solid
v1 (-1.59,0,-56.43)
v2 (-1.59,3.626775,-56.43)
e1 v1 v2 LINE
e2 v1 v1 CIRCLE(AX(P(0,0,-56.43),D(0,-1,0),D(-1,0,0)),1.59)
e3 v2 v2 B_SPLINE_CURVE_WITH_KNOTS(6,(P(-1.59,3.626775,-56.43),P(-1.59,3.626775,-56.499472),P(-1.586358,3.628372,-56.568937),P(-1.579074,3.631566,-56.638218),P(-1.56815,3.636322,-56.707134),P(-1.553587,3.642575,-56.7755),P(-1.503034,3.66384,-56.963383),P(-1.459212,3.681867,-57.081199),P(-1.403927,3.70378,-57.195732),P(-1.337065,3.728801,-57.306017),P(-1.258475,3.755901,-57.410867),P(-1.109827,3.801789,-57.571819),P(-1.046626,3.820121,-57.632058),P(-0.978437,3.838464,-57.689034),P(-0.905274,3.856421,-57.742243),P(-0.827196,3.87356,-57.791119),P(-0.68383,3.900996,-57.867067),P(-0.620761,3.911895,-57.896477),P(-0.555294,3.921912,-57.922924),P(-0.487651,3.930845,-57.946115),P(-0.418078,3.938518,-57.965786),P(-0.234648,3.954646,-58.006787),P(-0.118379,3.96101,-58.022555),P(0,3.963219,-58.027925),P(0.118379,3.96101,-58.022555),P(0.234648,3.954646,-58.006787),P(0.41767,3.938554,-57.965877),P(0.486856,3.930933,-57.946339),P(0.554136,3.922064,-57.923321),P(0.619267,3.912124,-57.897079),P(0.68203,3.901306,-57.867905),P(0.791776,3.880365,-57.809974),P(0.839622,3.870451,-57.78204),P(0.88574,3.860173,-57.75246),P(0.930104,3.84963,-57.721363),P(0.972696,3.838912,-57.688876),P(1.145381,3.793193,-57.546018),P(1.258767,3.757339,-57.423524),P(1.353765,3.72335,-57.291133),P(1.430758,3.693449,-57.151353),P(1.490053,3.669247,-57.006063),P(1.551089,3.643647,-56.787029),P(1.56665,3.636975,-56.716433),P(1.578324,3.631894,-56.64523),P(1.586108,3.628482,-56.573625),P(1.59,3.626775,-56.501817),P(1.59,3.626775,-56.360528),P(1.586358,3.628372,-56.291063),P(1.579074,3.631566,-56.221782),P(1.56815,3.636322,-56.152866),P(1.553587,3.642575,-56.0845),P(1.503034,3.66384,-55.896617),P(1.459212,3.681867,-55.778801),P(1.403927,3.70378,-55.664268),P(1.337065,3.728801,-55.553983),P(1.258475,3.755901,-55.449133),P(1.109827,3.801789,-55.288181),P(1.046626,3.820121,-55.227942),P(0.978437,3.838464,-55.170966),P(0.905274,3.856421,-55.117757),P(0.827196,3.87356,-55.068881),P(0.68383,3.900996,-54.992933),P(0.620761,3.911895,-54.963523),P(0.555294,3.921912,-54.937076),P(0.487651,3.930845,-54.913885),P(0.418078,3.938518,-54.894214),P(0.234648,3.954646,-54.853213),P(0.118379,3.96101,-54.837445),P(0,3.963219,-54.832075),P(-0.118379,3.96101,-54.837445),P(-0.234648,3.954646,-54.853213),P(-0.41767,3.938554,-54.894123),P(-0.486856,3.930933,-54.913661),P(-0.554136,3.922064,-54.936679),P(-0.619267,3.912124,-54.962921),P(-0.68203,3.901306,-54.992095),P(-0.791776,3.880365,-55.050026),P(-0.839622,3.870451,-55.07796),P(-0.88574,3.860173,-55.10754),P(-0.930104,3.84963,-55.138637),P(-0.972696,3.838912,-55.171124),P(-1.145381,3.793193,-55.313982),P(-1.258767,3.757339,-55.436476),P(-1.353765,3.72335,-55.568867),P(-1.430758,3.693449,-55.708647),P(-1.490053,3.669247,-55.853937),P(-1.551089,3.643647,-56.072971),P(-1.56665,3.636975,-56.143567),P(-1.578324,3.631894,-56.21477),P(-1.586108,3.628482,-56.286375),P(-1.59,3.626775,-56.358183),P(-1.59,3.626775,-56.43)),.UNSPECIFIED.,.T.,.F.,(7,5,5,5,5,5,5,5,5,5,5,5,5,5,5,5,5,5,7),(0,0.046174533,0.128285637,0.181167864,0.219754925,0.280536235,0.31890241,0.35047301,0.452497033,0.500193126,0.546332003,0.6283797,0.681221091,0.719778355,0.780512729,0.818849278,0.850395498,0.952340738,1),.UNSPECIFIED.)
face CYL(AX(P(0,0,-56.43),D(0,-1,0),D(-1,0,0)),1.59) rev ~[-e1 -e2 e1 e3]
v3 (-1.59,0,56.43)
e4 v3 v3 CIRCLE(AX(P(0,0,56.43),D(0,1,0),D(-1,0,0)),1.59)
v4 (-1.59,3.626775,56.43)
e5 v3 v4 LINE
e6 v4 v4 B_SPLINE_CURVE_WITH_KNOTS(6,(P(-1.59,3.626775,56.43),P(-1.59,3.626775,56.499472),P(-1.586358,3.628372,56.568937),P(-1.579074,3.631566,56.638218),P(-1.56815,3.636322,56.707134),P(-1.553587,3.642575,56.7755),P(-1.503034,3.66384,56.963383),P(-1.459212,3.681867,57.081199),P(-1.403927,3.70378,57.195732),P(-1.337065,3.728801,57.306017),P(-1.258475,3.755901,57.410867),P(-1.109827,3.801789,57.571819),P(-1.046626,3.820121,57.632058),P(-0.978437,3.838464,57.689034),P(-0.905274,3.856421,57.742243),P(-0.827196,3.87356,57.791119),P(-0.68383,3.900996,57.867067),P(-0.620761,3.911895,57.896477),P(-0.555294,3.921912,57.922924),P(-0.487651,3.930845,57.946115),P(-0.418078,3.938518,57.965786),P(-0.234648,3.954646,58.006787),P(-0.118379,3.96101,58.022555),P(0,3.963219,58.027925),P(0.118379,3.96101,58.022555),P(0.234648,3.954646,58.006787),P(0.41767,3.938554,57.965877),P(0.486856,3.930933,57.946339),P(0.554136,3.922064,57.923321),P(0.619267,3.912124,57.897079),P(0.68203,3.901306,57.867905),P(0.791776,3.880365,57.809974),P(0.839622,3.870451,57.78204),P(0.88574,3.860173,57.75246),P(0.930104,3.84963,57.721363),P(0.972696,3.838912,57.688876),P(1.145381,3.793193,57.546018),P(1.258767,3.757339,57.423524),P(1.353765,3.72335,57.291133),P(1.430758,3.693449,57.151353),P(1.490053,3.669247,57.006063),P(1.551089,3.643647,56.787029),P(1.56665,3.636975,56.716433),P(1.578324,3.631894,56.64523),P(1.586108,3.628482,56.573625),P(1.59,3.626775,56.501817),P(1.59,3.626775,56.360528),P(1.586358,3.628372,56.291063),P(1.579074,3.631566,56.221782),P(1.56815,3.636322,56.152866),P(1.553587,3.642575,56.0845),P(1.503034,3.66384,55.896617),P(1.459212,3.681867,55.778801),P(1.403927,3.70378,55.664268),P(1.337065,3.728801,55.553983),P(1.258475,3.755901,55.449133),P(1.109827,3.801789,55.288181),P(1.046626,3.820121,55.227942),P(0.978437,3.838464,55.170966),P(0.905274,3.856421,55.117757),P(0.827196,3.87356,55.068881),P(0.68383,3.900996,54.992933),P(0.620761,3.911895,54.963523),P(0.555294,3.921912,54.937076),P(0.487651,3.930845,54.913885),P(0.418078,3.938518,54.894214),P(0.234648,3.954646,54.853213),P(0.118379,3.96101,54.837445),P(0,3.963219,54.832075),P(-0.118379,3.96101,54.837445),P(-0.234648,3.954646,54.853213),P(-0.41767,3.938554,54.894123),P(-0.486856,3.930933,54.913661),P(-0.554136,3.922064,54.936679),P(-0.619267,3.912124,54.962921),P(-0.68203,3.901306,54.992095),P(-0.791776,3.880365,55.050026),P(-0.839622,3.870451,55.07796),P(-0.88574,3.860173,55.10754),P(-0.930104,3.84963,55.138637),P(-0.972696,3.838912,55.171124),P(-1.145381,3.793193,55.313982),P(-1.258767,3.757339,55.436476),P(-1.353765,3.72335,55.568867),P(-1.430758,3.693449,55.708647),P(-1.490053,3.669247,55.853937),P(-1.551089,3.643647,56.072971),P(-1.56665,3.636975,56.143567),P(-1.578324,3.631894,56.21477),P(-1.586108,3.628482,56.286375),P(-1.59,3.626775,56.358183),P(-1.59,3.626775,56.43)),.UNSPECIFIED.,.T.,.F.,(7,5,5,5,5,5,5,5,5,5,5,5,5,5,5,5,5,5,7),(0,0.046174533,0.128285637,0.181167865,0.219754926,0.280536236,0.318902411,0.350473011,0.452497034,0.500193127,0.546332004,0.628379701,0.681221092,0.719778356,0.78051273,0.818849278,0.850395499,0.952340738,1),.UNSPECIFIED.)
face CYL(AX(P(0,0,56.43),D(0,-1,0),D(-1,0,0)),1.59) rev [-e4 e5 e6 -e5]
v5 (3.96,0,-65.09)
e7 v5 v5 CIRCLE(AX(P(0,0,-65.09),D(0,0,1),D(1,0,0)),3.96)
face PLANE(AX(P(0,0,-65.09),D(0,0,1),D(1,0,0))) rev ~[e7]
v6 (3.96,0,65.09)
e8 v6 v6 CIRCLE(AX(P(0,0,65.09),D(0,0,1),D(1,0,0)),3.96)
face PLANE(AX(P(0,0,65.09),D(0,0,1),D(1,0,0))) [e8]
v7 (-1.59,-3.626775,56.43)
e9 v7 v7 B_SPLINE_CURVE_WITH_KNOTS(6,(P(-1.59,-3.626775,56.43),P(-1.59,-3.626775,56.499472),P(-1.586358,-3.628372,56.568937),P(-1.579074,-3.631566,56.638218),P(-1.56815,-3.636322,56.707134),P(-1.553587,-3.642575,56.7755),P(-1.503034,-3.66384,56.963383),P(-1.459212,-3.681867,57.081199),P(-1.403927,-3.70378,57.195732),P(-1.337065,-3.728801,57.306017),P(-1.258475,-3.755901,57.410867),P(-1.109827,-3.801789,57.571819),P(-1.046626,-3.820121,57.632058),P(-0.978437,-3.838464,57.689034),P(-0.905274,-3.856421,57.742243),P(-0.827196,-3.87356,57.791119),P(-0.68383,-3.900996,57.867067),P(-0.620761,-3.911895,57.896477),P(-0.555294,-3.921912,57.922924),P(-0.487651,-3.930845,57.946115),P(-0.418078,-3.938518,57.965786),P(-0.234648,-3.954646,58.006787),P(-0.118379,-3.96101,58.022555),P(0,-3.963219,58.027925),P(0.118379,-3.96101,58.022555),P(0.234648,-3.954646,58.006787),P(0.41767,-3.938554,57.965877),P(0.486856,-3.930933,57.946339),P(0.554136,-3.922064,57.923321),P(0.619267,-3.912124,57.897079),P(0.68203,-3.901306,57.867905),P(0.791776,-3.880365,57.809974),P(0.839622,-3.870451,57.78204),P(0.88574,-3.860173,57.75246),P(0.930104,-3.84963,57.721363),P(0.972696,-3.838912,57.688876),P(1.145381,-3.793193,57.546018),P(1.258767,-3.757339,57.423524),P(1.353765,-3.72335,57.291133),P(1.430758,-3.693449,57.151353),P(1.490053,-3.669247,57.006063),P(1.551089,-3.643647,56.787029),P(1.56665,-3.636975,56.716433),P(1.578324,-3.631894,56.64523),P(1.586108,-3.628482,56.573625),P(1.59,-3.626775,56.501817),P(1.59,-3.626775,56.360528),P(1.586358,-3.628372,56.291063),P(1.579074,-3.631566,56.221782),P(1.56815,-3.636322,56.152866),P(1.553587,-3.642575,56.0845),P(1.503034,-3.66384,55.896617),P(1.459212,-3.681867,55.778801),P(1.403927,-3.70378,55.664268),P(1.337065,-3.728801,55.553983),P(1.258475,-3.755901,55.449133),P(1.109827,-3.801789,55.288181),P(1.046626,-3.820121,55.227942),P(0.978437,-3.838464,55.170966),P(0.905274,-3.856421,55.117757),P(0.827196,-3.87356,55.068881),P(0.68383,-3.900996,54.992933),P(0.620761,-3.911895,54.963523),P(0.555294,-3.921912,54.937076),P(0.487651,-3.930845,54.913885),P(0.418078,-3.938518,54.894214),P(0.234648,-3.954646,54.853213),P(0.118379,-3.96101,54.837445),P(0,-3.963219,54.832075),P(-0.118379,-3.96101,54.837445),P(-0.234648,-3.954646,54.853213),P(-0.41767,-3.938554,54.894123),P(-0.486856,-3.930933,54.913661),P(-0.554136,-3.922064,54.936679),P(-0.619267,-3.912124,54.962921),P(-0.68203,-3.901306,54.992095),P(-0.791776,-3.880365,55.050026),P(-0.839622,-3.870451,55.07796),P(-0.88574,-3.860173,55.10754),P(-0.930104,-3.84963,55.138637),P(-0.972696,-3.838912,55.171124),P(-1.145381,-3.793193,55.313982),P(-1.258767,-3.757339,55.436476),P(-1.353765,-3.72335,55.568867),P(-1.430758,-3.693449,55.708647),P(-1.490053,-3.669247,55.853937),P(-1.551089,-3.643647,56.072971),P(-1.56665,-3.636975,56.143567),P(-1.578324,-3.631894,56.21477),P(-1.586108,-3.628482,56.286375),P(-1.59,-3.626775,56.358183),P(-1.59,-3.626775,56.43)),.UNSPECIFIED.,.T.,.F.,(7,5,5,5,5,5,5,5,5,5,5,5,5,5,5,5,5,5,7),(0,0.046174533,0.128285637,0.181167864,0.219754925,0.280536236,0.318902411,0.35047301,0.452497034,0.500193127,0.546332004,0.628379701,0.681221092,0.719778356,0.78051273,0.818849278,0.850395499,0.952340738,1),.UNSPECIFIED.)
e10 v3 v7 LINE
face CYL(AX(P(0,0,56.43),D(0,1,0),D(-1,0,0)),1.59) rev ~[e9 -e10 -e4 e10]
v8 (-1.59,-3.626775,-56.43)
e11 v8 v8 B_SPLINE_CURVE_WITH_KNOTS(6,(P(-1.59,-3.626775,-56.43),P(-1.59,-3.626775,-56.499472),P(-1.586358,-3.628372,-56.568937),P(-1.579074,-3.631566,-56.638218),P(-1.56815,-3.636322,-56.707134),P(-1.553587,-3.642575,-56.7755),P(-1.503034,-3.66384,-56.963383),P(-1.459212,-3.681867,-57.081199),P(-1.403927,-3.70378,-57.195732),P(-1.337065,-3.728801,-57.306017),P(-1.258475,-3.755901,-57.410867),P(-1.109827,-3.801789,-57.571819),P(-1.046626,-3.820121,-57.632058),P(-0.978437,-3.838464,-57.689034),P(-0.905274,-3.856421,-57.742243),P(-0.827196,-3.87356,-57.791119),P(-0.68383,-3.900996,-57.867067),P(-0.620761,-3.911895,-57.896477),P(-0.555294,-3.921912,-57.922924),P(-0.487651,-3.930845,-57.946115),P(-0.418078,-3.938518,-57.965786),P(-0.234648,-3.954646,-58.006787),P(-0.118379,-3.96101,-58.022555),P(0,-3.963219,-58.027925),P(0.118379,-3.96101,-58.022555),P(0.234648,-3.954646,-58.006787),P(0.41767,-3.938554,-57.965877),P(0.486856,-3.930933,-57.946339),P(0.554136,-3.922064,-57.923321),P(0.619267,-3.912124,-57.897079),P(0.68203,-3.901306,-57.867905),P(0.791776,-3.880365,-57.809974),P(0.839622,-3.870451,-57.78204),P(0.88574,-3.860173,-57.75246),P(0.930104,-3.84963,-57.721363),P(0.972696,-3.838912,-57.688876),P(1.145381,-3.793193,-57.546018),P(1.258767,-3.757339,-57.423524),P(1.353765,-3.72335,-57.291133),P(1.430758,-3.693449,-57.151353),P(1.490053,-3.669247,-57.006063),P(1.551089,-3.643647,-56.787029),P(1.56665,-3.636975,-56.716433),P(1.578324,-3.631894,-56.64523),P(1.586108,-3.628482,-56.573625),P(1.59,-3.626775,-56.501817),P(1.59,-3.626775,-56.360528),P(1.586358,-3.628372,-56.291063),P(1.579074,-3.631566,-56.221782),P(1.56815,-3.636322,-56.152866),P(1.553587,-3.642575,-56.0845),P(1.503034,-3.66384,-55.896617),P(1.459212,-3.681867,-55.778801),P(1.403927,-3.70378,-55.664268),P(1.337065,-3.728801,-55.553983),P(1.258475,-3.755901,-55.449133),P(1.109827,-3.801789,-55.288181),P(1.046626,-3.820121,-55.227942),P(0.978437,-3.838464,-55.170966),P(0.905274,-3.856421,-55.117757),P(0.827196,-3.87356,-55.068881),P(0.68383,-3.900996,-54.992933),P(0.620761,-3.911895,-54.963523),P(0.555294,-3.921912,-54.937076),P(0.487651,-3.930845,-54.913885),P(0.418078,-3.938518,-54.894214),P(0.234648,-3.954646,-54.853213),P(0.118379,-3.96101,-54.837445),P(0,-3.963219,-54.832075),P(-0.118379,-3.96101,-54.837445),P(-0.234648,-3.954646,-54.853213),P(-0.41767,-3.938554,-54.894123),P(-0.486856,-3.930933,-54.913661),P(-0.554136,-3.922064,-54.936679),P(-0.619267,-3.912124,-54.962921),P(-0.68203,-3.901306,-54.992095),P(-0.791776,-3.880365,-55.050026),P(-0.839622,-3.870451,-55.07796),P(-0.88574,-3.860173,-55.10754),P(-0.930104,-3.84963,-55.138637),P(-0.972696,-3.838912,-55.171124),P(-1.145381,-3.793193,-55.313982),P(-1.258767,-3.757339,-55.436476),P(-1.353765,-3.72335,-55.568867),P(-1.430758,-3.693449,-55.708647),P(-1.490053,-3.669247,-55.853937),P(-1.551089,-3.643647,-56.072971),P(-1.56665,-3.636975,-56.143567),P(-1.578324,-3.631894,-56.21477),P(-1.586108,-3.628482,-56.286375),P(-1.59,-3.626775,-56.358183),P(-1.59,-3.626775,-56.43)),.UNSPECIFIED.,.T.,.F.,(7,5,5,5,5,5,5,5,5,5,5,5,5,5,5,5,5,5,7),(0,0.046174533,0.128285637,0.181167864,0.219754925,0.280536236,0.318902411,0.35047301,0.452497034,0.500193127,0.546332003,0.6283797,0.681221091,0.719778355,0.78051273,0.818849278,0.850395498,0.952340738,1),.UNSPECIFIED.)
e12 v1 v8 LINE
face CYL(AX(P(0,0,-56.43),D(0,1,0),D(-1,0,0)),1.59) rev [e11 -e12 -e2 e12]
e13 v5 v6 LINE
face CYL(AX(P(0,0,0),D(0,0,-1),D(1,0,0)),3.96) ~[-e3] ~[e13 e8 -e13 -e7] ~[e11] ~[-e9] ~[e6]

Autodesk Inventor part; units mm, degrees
ref_plane "YZ Plane" through (0, 0, 0) normal (1, 0, 0) x (0, 1, 0)
ref_plane "XZ Plane" through (0, 0, 0) normal (0, 1, 0) x (-1, 0, 0)
ref_plane "XY Plane" through (0, 0, 0) normal (0, 0, 1) x (1, 0, 0)
sketch "Sketch1" plane through (0, 0, 0) normal (0, 0, 1) x (1, 0, 0)
  circle A0 centre (0, 0) radius 3.96
  dimension "d0" = 7.92
extrude "Extrusion1" add sketch "Sketch1" along normal mid plane 130.18
sketch "Sketch2" plane through (0, 0, 0) normal (0, 1, 0) x (-1, 0, 0)
  circle A0 centre (0, 56.43) radius 1.59
  line L0 (3.96, 65.09) -> (-3.96, 65.09) projected
  point P0 (0, 0)
  dimension "d3" = 3.18
  dimension "d4" = 8.66
extrude "Extrusion2" cut sketch "Sketch2" along normal mid plane 130.18
mirror "Mirror1" about plane through (0, 0, 0) normal (0, 0, 1) of "Extrusion2"
properties part number "parca4"
